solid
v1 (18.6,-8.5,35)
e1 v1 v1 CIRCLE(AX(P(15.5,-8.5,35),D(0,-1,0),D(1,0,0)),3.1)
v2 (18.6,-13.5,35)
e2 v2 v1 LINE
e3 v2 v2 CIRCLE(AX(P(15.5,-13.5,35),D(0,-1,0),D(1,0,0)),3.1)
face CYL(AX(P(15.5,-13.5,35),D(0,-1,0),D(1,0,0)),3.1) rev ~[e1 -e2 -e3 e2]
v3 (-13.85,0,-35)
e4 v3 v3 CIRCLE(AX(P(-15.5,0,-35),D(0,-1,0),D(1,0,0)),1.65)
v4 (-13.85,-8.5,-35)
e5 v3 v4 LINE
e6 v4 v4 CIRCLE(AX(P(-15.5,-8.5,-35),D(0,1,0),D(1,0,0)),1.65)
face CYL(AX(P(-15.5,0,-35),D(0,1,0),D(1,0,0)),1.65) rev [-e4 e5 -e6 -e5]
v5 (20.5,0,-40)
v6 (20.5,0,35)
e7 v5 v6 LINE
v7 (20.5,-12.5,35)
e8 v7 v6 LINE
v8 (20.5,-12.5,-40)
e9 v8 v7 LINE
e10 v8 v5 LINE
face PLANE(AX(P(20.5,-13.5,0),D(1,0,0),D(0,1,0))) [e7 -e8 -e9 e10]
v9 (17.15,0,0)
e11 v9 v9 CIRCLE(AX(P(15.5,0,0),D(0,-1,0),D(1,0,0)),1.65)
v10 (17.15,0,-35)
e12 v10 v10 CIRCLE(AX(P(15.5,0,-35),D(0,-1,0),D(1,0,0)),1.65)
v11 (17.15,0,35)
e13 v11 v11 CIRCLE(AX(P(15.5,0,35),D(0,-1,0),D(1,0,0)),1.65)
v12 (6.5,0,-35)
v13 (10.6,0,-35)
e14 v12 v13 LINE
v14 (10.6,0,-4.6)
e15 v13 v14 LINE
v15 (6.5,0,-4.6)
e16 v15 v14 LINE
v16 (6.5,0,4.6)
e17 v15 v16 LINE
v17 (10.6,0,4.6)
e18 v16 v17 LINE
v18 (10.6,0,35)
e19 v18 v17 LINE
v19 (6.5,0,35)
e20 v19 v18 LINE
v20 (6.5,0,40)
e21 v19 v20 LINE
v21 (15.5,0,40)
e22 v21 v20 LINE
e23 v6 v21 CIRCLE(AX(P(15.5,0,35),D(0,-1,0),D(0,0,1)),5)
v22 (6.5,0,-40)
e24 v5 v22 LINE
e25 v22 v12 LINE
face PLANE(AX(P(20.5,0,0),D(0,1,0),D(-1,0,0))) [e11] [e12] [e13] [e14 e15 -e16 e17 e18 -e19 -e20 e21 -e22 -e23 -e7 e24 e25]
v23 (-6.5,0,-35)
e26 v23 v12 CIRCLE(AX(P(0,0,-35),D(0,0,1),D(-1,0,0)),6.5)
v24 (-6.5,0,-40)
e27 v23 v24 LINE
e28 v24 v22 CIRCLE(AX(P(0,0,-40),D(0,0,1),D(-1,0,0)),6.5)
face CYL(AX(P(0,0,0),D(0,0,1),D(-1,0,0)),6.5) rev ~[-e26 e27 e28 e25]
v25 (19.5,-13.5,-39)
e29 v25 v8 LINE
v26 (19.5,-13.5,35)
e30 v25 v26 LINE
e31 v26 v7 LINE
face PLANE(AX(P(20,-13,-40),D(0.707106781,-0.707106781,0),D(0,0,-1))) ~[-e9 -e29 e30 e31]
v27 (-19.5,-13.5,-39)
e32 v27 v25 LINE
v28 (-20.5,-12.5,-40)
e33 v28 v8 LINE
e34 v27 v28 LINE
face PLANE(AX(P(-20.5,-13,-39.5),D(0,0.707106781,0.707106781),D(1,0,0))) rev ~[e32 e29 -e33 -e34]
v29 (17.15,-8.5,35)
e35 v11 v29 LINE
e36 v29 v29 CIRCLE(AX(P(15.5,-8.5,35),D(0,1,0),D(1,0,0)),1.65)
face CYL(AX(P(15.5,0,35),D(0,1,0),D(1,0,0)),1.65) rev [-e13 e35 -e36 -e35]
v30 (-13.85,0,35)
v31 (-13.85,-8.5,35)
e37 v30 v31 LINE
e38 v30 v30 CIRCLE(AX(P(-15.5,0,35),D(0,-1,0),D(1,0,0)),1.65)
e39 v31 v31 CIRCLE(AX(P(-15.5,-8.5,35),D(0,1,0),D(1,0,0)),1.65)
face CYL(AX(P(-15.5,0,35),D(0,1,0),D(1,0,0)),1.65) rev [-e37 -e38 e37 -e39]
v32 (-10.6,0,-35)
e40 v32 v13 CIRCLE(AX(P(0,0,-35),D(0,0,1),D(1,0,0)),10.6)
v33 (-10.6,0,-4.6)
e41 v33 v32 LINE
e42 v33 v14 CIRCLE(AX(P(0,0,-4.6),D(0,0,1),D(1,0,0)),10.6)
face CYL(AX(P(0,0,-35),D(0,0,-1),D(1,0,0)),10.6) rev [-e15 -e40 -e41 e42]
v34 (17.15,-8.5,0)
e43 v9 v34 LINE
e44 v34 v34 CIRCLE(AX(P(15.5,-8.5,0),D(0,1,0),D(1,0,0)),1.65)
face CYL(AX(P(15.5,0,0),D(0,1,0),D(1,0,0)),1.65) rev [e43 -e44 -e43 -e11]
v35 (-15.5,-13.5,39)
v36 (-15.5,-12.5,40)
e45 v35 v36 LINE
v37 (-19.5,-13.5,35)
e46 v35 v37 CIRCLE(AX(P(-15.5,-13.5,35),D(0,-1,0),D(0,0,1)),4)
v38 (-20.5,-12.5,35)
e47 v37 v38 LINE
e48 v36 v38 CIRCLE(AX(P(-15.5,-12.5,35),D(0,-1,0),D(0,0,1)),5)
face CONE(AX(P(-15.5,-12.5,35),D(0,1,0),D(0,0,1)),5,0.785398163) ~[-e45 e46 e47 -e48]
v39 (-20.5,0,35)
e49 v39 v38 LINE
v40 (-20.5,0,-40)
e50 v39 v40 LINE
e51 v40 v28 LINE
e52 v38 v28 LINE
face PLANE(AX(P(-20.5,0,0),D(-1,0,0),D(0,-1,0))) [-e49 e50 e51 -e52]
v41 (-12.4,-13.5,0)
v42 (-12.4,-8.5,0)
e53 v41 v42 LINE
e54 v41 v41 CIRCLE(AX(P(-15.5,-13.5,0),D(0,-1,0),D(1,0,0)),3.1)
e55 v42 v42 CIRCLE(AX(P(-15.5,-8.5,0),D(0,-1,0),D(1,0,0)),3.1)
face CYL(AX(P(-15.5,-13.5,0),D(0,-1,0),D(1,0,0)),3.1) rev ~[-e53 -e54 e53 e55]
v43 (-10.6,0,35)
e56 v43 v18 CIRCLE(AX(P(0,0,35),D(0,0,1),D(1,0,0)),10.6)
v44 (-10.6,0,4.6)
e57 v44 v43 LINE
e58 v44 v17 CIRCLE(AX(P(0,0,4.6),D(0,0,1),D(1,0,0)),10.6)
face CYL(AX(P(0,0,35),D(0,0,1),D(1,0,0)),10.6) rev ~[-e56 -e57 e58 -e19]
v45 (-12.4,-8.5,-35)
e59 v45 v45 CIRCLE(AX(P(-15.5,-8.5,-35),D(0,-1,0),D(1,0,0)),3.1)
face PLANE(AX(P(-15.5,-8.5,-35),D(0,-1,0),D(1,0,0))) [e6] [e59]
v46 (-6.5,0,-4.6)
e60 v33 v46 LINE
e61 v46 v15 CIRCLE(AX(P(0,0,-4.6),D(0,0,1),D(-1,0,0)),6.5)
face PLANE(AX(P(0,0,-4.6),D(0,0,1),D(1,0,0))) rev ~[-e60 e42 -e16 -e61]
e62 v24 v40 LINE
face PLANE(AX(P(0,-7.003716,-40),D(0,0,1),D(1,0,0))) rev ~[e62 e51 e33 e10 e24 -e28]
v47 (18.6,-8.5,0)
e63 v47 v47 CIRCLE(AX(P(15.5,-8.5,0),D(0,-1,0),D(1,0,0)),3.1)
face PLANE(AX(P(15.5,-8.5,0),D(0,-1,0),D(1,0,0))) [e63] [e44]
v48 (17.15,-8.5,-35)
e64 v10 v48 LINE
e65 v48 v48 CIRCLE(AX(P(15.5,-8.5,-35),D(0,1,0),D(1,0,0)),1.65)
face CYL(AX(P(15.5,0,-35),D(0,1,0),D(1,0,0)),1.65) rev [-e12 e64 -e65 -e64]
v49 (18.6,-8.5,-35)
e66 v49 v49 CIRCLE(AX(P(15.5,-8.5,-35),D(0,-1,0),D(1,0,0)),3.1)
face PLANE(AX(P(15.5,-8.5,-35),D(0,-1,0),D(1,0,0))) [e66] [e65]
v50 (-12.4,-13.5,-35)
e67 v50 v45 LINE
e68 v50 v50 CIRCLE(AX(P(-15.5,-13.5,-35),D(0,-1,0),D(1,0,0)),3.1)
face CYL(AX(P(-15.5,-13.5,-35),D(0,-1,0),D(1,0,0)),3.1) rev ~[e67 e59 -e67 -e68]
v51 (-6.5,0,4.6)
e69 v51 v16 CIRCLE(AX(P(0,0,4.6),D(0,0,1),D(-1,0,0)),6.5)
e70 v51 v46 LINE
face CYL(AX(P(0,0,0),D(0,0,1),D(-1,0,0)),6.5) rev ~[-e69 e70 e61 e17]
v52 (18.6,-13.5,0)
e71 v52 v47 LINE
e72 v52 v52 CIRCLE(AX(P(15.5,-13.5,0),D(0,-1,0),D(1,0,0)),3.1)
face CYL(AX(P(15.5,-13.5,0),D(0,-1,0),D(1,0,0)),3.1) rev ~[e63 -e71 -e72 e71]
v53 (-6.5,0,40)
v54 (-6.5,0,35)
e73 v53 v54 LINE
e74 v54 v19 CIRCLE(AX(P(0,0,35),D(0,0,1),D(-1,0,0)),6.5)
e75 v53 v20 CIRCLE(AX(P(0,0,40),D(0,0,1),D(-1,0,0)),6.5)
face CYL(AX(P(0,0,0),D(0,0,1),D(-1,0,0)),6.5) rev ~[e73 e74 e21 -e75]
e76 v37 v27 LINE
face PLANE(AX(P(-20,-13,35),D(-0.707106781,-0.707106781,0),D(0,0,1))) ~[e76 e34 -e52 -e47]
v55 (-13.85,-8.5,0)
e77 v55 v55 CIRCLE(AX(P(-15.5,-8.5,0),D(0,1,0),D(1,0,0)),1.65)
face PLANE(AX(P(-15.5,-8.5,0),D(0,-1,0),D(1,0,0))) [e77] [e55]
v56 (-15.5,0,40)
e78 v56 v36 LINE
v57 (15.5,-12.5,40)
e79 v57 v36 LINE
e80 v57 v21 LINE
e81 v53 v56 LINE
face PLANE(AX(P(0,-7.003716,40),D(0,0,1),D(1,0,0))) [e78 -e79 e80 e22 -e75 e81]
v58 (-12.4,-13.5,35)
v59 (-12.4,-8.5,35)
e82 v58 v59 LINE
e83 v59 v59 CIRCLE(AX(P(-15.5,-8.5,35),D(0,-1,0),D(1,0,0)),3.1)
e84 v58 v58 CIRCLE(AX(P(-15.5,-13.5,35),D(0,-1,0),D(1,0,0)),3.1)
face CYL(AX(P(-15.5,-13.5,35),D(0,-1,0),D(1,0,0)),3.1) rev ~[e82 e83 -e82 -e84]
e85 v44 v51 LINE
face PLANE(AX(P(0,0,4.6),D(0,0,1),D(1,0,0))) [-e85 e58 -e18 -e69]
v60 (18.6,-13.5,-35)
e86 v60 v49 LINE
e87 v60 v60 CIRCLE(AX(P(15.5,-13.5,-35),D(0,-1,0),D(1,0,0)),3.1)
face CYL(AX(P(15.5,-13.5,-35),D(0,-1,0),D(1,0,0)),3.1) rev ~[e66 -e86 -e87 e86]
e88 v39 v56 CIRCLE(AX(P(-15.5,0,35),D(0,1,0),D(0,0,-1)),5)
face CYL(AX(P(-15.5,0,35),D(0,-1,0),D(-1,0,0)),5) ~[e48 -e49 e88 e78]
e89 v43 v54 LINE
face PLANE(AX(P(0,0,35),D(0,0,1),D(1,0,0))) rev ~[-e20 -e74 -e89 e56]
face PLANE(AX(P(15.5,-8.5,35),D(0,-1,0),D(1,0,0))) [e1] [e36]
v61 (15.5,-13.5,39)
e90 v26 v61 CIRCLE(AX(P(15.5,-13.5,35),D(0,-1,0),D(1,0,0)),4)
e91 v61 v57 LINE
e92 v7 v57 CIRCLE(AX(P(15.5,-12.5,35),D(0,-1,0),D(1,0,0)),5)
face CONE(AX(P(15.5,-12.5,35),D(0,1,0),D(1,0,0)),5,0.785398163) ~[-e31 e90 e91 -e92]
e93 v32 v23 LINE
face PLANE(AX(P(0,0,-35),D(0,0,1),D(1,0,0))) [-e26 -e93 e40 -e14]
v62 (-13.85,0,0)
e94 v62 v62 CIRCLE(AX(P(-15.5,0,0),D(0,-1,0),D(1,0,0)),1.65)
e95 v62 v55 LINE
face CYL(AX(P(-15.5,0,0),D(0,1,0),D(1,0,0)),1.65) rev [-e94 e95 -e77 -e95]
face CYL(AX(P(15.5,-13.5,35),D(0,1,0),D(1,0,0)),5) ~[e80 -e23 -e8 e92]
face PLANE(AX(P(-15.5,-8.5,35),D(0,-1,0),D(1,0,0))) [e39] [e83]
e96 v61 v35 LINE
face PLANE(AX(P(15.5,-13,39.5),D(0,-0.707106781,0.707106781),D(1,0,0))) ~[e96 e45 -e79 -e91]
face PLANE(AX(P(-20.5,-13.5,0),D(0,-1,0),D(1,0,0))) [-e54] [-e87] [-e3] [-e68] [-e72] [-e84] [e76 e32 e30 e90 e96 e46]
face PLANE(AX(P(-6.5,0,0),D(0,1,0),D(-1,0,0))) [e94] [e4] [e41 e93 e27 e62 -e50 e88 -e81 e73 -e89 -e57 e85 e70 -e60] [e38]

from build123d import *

# Parameters (mm, degrees)
PAD_DEPTH       = 40
SKETCH001_R     = 1.65
POCKET_DEPTH    = 13.501
SKETCH002_R     = 10.6
POCKET001_DEPTH = 30.4
SKETCH003_R     = 10.6
POCKET002_DEPTH = 30.4
FILLET_R        = 5
CHAMFER_SIZE    = 1
SKETCH004_R     = 3.1
POCKET003_DEPTH = 5


with BuildPart() as part:
    # Sketch → Pad (new body, symmetric)
    with BuildSketch(Plane.XY):
        with BuildLine():
            Line((-20.5, -13.5), (20.5, -13.5))
            Line((20.5, -13.5), (20.5, 0))
            Line((20.5, 0), (6.5, 0))
            ThreePointArc((-6.5, 0), (0, -6.5), (6.5, 0))
            Line((-6.5, 0), (-20.5, 0))
            Line((-20.5, 0), (-20.5, -13.5))
        make_face()
    extrude(amount=PAD_DEPTH, both=True)

    # Sketch001 → Pocket (cut, through all)
    with BuildSketch(Plane.XZ):
        with Locations((-15.5, 35)):
            Circle(SKETCH001_R)
        with Locations((-15.5, 0)):
            Circle(SKETCH001_R)
        with Locations((-15.5, -35)):
            Circle(SKETCH001_R)
        with Locations((15.5, -35)):
            Circle(SKETCH001_R)
        with Locations((15.5, 0)):
            Circle(SKETCH001_R)
        with Locations((15.5, 35)):
            Circle(SKETCH001_R)
    extrude(amount=POCKET_DEPTH, mode=Mode.SUBTRACT)

    # Sketch002 (on DatumPlane) → Pocket001 (cut)
    with BuildSketch(Plane.XY.offset(35)):
        Circle(SKETCH002_R)
    extrude(amount=-POCKET001_DEPTH, mode=Mode.SUBTRACT)

    # Sketch003 (on DatumPlane) → Pocket002 (cut)
    with BuildSketch(Plane.XY.offset(-35)):
        Circle(SKETCH003_R)
    extrude(amount=POCKET002_DEPTH, mode=Mode.SUBTRACT)

    # Fillet
    fillet_edges = [part.edges().sort_by_distance(p)[0] for p in [
        (-20.5, -6.75, 40),
        (20.5, -6.75, 40),
    ]]
    fillet(fillet_edges, radius=FILLET_R)

    # Chamfer
    chamfer_edges = [part.edges().sort_by_distance(p)[0] for p in [
        (-20.5, -13.5, -2.5),
        (0, -13.5, -40),
    ]]
    chamfer(chamfer_edges, length=CHAMFER_SIZE)

    # Sketch004 (on Face1 of Chamfer) → Pocket003 (cut)
    with BuildSketch(Plane.XZ.offset(13.5)):
        with Locations((-15.5, 35)):
            Circle(SKETCH004_R)
        with Locations((-15.5, 0)):
            Circle(SKETCH004_R)
        with Locations((-15.5, -35)):
            Circle(SKETCH004_R)
        with Locations((15.5, 35)):
            Circle(SKETCH004_R)
        with Locations((15.5, 0)):
            Circle(SKETCH004_R)
        with Locations((15.5, -35)):
            Circle(SKETCH004_R)
    extrude(amount=-POCKET003_DEPTH, mode=Mode.SUBTRACT)


solid = part.part
